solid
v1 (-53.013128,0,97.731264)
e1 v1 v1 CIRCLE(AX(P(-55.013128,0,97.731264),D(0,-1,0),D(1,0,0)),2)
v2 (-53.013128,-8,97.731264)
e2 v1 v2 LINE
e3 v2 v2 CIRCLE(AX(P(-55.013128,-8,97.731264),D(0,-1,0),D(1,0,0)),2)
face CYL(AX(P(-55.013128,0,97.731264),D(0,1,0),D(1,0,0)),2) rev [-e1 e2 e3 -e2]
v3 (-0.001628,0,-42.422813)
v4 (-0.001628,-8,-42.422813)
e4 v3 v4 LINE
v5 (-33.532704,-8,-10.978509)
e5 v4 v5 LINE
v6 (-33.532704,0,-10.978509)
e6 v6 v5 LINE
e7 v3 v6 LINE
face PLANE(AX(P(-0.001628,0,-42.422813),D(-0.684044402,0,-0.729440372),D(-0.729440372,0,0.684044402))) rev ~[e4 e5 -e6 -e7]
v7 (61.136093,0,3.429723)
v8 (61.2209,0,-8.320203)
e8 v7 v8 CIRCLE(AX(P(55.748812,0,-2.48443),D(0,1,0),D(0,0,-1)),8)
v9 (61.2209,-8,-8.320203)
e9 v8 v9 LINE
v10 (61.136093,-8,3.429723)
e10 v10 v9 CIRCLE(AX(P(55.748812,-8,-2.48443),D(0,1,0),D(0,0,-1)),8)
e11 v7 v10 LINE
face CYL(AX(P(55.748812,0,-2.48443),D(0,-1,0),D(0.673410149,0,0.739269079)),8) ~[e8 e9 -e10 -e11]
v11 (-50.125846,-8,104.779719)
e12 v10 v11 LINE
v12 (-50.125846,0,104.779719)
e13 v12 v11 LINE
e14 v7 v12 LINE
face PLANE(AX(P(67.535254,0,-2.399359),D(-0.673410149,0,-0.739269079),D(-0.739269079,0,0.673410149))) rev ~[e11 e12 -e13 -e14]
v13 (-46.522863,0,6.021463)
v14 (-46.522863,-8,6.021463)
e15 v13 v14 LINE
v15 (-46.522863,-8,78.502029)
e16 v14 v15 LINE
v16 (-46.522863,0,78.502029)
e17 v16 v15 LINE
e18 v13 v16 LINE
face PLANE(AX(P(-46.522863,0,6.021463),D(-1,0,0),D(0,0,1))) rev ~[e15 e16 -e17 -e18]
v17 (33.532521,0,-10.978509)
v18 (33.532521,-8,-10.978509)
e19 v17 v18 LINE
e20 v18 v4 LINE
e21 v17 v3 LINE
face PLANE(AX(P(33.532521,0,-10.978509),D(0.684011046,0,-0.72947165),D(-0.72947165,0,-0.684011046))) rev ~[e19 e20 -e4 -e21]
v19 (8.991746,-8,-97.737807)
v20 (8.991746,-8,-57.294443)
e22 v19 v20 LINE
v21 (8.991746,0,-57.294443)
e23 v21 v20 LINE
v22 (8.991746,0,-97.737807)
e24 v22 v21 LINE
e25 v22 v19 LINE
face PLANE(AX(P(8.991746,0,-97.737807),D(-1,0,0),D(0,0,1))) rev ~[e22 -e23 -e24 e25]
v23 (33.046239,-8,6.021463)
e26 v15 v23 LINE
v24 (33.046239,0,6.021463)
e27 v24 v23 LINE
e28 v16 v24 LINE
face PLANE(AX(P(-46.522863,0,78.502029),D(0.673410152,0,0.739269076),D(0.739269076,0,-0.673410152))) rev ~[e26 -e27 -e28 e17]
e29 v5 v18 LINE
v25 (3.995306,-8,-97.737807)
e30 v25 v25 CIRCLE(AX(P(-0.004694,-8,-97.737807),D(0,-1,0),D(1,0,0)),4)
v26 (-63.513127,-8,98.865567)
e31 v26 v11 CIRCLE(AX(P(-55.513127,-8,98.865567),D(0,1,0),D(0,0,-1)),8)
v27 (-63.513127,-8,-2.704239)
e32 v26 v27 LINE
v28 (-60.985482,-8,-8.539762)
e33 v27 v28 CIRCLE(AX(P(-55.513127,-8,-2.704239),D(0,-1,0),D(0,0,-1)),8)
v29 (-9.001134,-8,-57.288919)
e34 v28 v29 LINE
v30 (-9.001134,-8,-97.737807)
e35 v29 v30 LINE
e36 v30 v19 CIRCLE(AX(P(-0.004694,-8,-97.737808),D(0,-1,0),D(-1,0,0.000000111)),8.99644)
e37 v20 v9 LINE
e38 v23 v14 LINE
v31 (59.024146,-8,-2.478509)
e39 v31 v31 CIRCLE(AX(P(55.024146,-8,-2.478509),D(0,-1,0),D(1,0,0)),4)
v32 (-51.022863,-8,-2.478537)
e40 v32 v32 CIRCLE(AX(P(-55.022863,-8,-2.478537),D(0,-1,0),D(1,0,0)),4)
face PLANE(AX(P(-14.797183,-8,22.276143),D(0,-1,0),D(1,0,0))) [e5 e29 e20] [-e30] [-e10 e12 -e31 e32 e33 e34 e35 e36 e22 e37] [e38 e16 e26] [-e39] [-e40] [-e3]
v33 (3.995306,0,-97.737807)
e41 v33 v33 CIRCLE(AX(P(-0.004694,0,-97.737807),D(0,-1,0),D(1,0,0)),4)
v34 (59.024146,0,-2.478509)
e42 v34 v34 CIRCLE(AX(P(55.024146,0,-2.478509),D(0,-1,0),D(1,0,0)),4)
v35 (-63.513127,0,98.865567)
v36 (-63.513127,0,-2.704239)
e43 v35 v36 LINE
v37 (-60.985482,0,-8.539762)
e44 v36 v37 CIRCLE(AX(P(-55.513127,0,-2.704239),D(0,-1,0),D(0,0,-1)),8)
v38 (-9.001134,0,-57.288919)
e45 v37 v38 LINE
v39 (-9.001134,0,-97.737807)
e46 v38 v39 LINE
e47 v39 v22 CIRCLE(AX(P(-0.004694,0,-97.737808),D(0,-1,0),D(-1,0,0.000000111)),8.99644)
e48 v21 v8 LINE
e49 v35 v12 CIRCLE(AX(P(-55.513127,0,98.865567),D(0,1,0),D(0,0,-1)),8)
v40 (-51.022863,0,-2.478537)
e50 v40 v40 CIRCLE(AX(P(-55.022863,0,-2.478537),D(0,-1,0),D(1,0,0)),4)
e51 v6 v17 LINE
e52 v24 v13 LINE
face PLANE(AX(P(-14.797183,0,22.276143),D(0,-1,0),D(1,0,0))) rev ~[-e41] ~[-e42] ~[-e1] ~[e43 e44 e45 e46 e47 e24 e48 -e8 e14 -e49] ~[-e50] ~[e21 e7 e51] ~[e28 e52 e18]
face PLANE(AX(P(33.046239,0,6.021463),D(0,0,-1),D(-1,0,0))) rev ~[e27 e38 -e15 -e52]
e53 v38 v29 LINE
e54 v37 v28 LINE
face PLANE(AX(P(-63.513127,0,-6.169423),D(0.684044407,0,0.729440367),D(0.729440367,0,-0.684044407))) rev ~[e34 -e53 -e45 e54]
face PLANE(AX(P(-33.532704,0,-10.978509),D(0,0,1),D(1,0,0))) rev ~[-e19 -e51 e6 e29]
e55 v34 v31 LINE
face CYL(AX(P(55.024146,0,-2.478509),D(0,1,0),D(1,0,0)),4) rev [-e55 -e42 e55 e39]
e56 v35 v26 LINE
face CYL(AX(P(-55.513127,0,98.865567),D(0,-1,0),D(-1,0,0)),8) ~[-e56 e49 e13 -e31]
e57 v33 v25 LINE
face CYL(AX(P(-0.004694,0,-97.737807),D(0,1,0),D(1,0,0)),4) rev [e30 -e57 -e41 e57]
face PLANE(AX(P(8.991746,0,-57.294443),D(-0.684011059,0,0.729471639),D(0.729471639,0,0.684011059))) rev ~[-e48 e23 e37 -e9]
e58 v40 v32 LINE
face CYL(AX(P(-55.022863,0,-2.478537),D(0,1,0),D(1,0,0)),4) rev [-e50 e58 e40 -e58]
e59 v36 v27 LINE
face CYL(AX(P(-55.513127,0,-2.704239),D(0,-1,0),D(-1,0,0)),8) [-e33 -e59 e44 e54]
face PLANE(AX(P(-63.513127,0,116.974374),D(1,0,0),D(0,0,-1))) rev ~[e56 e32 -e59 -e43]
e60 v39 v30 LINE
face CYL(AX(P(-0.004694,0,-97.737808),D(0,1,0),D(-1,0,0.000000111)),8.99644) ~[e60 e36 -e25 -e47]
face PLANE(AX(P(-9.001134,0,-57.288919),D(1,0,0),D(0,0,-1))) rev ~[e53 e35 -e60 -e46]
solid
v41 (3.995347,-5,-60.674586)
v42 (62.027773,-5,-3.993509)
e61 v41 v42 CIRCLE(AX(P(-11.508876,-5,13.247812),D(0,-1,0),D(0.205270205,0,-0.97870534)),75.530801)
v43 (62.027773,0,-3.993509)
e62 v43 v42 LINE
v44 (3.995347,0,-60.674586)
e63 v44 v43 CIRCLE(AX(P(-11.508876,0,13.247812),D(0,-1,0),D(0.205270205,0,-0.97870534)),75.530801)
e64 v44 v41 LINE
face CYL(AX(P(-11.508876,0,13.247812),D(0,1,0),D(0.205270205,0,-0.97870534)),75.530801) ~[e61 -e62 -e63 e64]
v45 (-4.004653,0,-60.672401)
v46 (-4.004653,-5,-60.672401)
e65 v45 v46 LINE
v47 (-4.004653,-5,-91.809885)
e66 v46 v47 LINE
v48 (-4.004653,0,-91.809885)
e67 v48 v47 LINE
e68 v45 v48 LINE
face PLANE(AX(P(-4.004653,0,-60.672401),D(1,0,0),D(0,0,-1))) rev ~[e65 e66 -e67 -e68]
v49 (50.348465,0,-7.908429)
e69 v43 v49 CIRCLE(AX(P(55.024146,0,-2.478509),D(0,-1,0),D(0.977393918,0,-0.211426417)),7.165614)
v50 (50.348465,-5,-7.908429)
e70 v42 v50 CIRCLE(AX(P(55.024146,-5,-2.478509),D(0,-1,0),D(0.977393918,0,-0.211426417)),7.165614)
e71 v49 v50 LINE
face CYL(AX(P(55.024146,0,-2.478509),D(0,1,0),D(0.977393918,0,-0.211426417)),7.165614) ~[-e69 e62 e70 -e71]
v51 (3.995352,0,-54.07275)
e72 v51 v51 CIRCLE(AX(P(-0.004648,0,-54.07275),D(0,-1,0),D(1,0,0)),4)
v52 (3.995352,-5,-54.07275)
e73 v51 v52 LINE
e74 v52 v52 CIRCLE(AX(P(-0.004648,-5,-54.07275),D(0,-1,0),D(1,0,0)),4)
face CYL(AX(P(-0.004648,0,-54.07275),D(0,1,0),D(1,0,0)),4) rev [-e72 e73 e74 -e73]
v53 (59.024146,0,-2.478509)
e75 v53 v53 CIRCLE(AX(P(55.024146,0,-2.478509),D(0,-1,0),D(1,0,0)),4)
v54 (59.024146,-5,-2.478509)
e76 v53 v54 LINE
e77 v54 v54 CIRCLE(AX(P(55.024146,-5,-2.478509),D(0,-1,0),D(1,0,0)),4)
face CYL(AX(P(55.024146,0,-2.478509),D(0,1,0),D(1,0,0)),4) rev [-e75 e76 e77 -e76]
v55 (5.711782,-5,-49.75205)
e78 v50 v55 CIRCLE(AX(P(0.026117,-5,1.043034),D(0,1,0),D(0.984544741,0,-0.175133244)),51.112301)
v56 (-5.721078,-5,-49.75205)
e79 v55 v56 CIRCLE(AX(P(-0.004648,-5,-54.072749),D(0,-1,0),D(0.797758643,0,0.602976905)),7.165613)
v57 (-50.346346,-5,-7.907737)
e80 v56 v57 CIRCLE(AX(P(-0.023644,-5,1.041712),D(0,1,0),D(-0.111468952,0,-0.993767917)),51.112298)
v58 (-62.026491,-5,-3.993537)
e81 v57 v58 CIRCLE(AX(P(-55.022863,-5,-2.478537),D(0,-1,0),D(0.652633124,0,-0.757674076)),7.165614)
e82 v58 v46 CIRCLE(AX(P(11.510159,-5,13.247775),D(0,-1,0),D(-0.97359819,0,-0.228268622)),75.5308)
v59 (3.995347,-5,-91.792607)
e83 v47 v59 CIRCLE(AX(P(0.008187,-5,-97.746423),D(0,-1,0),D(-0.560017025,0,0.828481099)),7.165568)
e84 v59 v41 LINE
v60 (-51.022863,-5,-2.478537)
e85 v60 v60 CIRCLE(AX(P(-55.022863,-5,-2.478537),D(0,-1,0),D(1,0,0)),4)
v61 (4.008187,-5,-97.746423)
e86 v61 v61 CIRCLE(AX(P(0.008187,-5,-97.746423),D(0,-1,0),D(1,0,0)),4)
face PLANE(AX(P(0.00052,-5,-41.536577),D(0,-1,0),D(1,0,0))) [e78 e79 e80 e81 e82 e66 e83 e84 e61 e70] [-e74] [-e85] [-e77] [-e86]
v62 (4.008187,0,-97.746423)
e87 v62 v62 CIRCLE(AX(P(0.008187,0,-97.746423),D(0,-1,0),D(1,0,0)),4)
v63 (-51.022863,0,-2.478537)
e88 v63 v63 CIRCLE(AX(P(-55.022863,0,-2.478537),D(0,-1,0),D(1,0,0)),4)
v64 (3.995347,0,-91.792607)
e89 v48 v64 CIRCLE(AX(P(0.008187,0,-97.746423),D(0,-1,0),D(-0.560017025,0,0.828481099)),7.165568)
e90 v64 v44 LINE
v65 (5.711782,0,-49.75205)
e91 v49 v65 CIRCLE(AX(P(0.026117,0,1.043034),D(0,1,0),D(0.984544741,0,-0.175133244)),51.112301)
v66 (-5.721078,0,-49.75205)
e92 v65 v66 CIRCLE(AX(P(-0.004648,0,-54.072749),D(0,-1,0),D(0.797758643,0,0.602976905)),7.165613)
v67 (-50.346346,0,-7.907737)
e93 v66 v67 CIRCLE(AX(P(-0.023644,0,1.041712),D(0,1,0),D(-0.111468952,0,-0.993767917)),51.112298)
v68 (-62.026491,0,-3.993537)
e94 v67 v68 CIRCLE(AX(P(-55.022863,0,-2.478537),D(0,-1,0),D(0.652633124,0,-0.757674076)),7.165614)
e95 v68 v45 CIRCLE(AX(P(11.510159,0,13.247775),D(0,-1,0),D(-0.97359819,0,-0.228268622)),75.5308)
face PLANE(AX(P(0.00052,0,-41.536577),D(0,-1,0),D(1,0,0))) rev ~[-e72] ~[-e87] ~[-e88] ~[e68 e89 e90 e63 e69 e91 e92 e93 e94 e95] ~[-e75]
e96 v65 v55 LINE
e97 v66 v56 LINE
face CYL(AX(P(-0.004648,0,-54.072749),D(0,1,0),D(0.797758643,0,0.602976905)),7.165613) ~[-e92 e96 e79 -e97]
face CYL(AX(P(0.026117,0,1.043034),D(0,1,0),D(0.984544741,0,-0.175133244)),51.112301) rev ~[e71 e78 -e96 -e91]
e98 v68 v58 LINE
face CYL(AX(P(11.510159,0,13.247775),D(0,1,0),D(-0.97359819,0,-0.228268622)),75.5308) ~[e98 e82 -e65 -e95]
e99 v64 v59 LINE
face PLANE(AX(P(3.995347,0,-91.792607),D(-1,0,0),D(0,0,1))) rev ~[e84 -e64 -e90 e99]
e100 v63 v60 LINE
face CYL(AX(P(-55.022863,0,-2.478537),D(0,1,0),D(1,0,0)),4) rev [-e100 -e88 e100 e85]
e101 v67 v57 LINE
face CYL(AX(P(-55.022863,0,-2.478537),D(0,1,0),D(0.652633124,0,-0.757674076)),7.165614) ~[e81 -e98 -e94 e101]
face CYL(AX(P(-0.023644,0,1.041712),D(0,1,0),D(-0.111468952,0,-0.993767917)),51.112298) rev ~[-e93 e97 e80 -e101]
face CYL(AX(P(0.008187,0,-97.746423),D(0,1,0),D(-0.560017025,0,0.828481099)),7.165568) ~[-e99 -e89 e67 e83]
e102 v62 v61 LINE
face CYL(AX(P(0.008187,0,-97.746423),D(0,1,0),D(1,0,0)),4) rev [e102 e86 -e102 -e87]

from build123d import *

# Parameters (mm, degrees)
F0_R     = 4
F0_R_2   = 2
F1_DEPTH = 8
F2_R     = 8
F3_R     = 4
F4_DEPTH = 5


with BuildPart() as f1:
    # F0 (on Front) → F1 (new body)
    with BuildSketch(Plane.XZ):
        Polygon((-63.513127, 116.974374), (-63.513127, -6.169423), (-9.001134, -57.288919), (-0.002161, -65.72785), (8.991746, -57.294443), (67.535254, -2.399359), align=None)
        with Locations((-55.022863, -2.478537)):
            Circle(F0_R, mode=Mode.SUBTRACT)
        Polygon((-0.001628, -42.422813), (-33.532704, -10.978509), (33.532521, -10.978509), align=None, mode=Mode.SUBTRACT)
        with Locations((55.024146, -2.478509)):
            Circle(F0_R, mode=Mode.SUBTRACT)
        Polygon((33.046239, 6.021463), (-46.522863, 6.021463), (-46.522863, 78.502029), align=None, mode=Mode.SUBTRACT)
        with Locations((-55.013128, 97.731264)):
            Circle(F0_R_2, mode=Mode.SUBTRACT)
        with BuildLine():
            Line((-0.002161, -65.72785), (-9.001134, -57.288919))
            Line((-9.001134, -57.288919), (-9.001134, -97.737807))
            ThreePointArc((-9.001134, -97.737807), (-0.004694, -106.734248), (8.991746, -97.737807))
            Line((8.991746, -97.737807), (8.991746, -57.294443))
            Line((8.991746, -57.294443), (-0.002161, -65.72785))
        make_face()
        with Locations((-0.004694, -97.737807)):
            Circle(F0_R, mode=Mode.SUBTRACT)
    extrude(amount=F1_DEPTH)

    # F2
    f2_edges = [f1.edges().sort_by_distance(p)[0] for p in [
        (-63.513127, -4, -6.169423),
        (67.535254, -4, -2.399359),
        (-63.513127, -4, 116.974374),
    ]]
    fillet(f2_edges, radius=F2_R)


with BuildPart() as f4:
    # F3 (on Front) → F4 (new body)
    with BuildSketch(Plane.XZ):
        with BuildLine():
            Line((-4.004653, -60.672401), (-4.004653, -91.809885))
            ThreePointArc((-4.004653, -91.809885), (0.023662, -104.911974), (3.995347, -91.792607))
            Line((3.995347, -91.792607), (3.995347, -60.674586))
            ThreePointArc((3.995347, -60.674586), (41.266643, -40.785941), (62.027773, -3.993509))
            ThreePointArc((62.027773, -3.993509), (52.74676, 4.315572), (50.348465, -7.908429))
            ThreePointArc((50.348465, -7.908429), (34.982469, -36.246654), (5.711782, -49.75205))
            ThreePointArc((5.711782, -49.75205), (-0.004648, -46.907136), (-5.721078, -49.75205))
            ThreePointArc((-5.721078, -49.75205), (-34.985059, -36.243224), (-50.346346, -7.907737))
            ThreePointArc((-50.346346, -7.907737), (-52.746001, 4.31572), (-62.026491, -3.993537))
            ThreePointArc((-62.026491, -3.993537), (-41.269232, -40.782195), (-4.004653, -60.672401))
        make_face()
        with Locations((-0.004648, -54.07275)):
            Circle(F3_R, mode=Mode.SUBTRACT)
        with Locations((0.008187, -97.746423)):
            Circle(F3_R, mode=Mode.SUBTRACT)
        with Locations((-55.022863, -2.478537)):
            Circle(F3_R, mode=Mode.SUBTRACT)
        with Locations((55.024146, -2.478509)):
            Circle(F3_R, mode=Mode.SUBTRACT)
    extrude(amount=F4_DEPTH)


solid = Compound([f1.part, f4.part])
